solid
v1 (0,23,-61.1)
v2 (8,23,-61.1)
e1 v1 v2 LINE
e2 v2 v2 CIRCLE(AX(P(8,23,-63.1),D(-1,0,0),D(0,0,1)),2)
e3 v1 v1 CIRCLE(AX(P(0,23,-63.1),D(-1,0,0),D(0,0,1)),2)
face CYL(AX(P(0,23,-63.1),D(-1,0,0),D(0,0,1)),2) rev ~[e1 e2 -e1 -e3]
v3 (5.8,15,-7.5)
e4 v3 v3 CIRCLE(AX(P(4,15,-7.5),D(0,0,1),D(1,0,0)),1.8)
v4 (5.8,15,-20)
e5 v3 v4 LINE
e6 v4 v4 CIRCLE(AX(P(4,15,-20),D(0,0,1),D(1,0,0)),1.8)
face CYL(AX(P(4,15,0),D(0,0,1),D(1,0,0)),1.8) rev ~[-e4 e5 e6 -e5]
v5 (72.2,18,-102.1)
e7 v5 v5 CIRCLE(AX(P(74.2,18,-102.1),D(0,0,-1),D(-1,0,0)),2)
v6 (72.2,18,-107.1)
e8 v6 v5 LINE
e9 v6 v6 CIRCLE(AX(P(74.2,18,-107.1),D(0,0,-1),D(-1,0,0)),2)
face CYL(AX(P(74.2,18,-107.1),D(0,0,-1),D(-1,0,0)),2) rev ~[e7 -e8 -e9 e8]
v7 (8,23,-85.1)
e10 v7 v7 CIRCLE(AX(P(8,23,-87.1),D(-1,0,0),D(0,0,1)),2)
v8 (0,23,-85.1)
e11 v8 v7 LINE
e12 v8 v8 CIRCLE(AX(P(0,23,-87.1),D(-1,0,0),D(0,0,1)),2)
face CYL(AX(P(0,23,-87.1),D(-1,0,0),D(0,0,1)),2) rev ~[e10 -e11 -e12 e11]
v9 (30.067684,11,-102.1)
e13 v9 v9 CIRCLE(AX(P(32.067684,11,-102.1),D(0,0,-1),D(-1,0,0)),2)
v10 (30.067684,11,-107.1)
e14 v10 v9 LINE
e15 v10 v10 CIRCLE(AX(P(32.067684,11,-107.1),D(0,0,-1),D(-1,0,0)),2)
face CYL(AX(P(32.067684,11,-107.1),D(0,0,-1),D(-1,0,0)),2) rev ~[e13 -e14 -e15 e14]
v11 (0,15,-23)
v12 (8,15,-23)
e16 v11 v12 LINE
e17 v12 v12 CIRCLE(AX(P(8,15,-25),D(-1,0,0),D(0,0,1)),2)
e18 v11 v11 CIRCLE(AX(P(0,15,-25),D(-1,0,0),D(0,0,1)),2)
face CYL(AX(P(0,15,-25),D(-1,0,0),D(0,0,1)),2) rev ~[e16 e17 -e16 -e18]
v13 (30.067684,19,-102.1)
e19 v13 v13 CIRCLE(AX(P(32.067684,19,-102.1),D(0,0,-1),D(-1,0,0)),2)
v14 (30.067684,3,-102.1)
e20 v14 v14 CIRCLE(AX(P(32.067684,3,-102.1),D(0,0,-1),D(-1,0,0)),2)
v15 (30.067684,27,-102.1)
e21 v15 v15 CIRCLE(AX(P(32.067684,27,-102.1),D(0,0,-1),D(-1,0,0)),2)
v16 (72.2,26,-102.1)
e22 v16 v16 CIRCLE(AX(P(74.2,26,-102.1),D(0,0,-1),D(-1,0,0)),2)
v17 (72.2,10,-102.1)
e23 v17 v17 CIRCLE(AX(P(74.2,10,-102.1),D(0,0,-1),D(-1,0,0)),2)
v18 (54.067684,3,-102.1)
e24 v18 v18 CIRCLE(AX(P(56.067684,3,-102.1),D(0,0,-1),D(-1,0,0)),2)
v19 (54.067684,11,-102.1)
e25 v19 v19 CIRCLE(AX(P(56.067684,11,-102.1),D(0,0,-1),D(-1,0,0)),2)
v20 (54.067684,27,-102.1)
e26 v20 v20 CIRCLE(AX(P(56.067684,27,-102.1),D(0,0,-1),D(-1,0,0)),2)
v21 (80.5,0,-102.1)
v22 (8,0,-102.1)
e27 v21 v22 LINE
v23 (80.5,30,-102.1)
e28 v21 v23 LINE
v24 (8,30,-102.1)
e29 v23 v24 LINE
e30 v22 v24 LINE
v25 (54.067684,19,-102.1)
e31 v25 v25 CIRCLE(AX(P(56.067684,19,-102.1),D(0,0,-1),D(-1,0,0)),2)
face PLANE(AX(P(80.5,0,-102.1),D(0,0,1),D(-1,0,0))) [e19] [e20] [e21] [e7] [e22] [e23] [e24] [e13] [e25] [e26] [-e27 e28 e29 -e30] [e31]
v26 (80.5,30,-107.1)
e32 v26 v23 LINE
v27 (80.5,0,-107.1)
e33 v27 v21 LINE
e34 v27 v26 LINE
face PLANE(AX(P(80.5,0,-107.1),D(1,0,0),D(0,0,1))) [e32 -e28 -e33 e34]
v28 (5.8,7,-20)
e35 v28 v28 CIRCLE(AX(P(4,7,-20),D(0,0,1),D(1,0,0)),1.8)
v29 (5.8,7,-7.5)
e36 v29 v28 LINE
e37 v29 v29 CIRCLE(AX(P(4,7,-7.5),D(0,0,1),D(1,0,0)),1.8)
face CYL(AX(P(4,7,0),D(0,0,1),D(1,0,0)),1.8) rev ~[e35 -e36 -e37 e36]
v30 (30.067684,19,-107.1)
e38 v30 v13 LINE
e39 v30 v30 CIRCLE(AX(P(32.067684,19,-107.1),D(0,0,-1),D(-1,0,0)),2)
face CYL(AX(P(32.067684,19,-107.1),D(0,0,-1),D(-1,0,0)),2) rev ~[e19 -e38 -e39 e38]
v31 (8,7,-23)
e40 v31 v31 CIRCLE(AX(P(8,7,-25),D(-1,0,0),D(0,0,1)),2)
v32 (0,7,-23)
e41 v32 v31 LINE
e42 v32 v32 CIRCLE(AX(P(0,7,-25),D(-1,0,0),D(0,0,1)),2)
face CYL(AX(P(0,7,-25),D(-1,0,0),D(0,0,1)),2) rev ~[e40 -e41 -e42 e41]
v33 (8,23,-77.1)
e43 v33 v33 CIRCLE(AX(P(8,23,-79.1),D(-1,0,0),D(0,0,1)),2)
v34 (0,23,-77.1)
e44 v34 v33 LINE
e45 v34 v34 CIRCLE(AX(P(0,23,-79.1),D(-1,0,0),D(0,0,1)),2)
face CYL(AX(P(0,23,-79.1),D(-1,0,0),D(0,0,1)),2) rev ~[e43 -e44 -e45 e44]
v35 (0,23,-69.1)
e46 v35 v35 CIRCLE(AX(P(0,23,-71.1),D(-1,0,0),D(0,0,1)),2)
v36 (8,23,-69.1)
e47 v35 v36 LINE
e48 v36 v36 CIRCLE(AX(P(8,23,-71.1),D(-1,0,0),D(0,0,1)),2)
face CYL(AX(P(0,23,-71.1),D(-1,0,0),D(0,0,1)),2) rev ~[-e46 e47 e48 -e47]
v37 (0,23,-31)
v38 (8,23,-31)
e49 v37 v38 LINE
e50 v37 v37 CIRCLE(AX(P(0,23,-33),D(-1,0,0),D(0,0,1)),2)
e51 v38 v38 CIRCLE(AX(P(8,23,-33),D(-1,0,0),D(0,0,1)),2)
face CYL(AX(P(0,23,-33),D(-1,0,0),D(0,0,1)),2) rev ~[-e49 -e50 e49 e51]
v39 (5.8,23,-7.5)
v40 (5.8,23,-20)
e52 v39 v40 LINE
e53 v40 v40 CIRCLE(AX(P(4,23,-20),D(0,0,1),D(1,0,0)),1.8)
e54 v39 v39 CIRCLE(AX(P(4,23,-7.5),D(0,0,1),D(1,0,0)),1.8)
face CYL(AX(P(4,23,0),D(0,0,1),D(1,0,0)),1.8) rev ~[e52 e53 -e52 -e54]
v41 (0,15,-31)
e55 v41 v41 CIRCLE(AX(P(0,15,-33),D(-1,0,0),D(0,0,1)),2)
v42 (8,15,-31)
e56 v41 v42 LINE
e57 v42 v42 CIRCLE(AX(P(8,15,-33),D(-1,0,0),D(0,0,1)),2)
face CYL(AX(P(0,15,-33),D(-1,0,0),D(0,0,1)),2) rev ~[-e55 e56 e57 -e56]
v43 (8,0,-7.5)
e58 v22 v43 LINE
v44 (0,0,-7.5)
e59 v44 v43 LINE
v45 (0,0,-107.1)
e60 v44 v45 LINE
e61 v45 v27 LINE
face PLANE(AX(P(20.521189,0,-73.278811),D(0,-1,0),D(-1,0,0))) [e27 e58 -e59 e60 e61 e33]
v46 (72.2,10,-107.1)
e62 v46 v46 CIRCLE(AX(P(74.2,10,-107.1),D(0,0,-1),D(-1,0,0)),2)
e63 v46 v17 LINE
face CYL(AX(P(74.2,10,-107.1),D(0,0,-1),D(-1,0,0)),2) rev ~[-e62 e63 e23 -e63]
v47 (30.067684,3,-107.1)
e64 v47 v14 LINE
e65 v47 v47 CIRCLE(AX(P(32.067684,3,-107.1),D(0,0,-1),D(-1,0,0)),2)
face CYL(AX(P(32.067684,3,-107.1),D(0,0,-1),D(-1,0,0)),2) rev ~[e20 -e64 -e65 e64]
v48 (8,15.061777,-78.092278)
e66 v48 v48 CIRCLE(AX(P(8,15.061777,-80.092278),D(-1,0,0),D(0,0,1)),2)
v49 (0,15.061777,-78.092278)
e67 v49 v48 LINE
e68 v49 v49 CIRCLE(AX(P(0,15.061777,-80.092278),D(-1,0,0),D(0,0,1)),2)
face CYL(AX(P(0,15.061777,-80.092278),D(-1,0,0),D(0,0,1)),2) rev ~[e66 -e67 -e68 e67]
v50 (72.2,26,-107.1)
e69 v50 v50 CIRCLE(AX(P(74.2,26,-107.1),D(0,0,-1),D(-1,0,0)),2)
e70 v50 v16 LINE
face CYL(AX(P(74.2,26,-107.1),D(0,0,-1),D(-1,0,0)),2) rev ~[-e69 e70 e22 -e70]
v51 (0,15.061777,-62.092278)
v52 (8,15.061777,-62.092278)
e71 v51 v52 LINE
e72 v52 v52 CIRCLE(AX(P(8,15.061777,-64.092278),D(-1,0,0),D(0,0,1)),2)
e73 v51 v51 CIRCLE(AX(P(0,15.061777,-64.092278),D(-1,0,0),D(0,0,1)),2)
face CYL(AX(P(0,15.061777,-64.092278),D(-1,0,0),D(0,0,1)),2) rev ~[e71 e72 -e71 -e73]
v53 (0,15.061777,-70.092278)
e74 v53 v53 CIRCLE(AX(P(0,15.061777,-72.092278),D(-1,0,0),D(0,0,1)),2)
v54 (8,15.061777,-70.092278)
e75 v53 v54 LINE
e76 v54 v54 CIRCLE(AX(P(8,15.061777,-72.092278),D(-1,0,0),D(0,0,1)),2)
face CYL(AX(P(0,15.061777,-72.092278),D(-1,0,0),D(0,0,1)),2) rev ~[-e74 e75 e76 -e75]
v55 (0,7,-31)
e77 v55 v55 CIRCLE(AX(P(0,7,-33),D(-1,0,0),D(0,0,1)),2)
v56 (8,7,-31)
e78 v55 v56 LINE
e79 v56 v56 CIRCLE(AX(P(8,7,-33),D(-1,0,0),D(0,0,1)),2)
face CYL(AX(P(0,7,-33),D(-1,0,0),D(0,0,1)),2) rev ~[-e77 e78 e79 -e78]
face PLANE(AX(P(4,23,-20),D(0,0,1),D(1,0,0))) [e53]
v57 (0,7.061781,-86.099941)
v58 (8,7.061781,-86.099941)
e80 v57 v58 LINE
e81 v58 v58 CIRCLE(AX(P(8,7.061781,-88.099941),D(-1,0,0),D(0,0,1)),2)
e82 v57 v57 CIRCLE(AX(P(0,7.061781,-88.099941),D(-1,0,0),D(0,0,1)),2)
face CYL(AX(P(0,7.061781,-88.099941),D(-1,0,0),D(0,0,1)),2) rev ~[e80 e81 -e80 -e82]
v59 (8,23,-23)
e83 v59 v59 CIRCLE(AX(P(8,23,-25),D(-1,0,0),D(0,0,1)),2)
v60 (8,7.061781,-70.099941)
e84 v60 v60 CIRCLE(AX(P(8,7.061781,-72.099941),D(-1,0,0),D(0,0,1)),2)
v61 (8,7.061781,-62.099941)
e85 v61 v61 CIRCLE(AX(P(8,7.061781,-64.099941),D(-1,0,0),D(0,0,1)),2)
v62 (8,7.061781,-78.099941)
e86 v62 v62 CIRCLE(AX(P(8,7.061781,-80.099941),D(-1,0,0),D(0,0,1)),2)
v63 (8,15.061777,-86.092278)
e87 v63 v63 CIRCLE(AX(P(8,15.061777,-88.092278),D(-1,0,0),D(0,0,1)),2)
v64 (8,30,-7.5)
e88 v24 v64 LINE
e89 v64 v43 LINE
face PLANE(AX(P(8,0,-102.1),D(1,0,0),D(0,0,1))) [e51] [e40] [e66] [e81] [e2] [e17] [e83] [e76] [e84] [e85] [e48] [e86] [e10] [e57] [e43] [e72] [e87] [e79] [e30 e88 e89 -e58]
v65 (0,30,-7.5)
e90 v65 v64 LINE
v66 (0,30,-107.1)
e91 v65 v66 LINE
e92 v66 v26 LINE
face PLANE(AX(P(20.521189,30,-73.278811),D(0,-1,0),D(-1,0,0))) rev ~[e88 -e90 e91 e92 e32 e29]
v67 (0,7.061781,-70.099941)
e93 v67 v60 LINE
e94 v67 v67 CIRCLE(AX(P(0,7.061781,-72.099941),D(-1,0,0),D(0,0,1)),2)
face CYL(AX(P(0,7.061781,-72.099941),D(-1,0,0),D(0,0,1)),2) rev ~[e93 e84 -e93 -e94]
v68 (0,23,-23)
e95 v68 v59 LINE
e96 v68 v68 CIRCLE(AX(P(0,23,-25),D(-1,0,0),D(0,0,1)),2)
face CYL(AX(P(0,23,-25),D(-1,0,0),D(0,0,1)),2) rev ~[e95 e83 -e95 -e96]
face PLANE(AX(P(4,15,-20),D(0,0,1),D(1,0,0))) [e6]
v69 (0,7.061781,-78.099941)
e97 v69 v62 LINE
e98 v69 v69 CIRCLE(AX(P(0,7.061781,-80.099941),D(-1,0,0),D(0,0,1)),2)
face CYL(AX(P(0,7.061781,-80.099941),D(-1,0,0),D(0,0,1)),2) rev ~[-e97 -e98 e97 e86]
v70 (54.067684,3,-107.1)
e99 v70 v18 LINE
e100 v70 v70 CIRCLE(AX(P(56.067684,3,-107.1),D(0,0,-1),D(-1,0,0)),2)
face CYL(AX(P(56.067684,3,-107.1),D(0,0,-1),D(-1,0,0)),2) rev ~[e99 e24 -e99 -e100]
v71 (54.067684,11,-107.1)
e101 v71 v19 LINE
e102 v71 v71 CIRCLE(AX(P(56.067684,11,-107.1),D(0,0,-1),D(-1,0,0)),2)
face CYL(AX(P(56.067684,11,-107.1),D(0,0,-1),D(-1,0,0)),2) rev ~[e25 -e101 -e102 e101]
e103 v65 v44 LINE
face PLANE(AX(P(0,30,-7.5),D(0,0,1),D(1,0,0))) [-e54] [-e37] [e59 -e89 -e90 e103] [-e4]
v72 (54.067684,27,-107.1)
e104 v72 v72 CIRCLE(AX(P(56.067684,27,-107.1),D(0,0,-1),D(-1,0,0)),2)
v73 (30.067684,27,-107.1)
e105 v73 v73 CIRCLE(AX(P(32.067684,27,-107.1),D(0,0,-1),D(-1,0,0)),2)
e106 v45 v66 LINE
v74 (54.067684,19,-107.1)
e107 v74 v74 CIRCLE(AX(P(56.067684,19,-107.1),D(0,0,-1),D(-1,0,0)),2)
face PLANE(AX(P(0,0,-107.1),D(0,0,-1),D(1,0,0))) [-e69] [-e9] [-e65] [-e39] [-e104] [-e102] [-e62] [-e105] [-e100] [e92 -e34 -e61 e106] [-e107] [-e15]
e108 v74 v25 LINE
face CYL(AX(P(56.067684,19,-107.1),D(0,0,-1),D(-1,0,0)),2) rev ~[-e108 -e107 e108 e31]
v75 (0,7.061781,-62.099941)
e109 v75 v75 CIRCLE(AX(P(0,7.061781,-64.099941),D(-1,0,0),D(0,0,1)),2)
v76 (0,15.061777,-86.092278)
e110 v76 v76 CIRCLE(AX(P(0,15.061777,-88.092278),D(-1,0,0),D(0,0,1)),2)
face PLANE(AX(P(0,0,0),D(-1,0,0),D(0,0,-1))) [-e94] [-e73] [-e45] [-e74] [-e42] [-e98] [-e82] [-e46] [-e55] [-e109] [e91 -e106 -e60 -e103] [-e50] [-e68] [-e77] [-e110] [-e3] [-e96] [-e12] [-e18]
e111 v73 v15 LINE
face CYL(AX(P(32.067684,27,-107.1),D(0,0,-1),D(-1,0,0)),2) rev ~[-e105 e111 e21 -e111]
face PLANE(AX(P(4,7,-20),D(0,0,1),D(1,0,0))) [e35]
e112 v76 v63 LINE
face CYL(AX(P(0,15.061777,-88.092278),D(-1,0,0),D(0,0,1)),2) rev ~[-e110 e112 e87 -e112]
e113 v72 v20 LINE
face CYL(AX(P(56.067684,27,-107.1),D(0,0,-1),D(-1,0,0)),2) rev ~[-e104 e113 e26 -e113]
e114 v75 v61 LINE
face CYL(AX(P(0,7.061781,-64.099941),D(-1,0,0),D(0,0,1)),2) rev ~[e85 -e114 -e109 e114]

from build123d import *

# Parameters (mm, degrees)
EXTRUDE_1_DEPTH     = 30
SKETCH_3_R          = 2
CUT_EXTRUDE_2_DEPTH = 10
SKETCH_4_R          = 2
CUT_EXTRUDE_3_DEPTH = 10
SKETCH_2_R          = 1.8
CUT_EXTRUDE_4_DEPTH = 20
SKETCH_5_W          = 8
SKETCH_5_H          = 7.5
CUT_EXTRUDE_5_DEPTH = 30
SKETCH_6_R          = 2
CUT_EXTRUDE_6_DEPTH = 10


with BuildPart() as part:
    # 草圖1 → 填料-伸長1 (new body)
    with BuildSketch(Plane(origin=(0, 0, 0), x_dir=(1, 0, 0), z_dir=(0, 1, 0))):
        Polygon((0, 0), (0, 107.1), (80.5, 107.1), (80.5, 102.1), (8, 102.1), (8, 0), align=None)
    extrude(amount=EXTRUDE_1_DEPTH)

    # 草圖3 → 除料-伸長2 (cut)
    with BuildSketch(Plane.ZY):
        with Locations((-25, 23)):
            Circle(SKETCH_3_R)
        with Locations((-25, 15)):
            Circle(SKETCH_3_R)
        with Locations((-25, 7)):
            Circle(SKETCH_3_R)
        with Locations((-33, 23)):
            Circle(SKETCH_3_R)
        with Locations((-33, 15)):
            Circle(SKETCH_3_R)
        with Locations((-33, 7)):
            Circle(SKETCH_3_R)
        with Locations((-63.1, 23)):
            Circle(SKETCH_3_R)
        with Locations((-64.092277877, 15.061776986)):
            Circle(SKETCH_3_R)
        with Locations((-64.099940822, 7.061780656)):
            Circle(SKETCH_3_R)
        with Locations((-71.1, 23)):
            Circle(SKETCH_3_R)
        with Locations((-72.092277877, 15.061776986)):
            Circle(SKETCH_3_R)
        with Locations((-72.099940822, 7.061780656)):
            Circle(SKETCH_3_R)
        with Locations((-79.1, 23)):
            Circle(SKETCH_3_R)
        with Locations((-80.092277877, 15.061776986)):
            Circle(SKETCH_3_R)
        with Locations((-80.099940822, 7.061780656)):
            Circle(SKETCH_3_R)
        with Locations((-87.1, 23)):
            Circle(SKETCH_3_R)
        with Locations((-88.092277877, 15.061776986)):
            Circle(SKETCH_3_R)
        with Locations((-88.099940822, 7.061780656)):
            Circle(SKETCH_3_R)
    extrude(amount=-CUT_EXTRUDE_2_DEPTH, mode=Mode.SUBTRACT)

    # 草圖4 → 除料-伸長3 (cut)
    with BuildSketch(Plane(origin=(0, 0, -107.1), x_dir=(-1, 0, 0), z_dir=(0, 0, -1))):
        with Locations((-74.2, 26)):
            Circle(SKETCH_4_R)
        with Locations((-74.2, 18)):
            Circle(SKETCH_4_R)
        with Locations((-74.2, 10)):
            Circle(SKETCH_4_R)
    extrude(amount=-CUT_EXTRUDE_3_DEPTH, mode=Mode.SUBTRACT)

    # 草圖2 → 除料-伸長4 (cut)
    with BuildSketch(Plane.XY):
        with Locations((4, 23)):
            Circle(SKETCH_2_R)
        with Locations((4, 7)):
            Circle(SKETCH_2_R)
        with Locations((4, 15)):
            Circle(SKETCH_2_R)
    extrude(amount=-CUT_EXTRUDE_4_DEPTH, mode=Mode.SUBTRACT)

    # 草圖5 → 除料-伸長5 (cut)
    with BuildSketch(Plane(origin=(0, 30, 0), x_dir=(1, 0, 0), z_dir=(0, 1, 0))):
        with Locations((4, 3.75)):
            Rectangle(SKETCH_5_W, SKETCH_5_H)
    extrude(amount=-CUT_EXTRUDE_5_DEPTH, mode=Mode.SUBTRACT)

    # 草圖6 → 除料-伸長6 (cut)
    with BuildSketch(Plane(origin=(0, 0, -107.1), x_dir=(-1, 0, 0), z_dir=(0, 0, -1))):
        with Locations((-56.067683871, 27)):
            Circle(SKETCH_6_R)
        with Locations((-56.067683871, 19)):
            Circle(SKETCH_6_R)
        with Locations((-56.067683871, 11)):
            Circle(SKETCH_6_R)
        with Locations((-32.067683871, 27)):
            Circle(SKETCH_6_R)
        with Locations((-32.067683871, 19)):
            Circle(SKETCH_6_R)
        with Locations((-32.067683871, 11)):
            Circle(SKETCH_6_R)
        with Locations((-56.067683871, 3)):
            Circle(SKETCH_6_R)
        with Locations((-32.067683871, 3)):
            Circle(SKETCH_6_R)
    extrude(amount=-CUT_EXTRUDE_6_DEPTH, mode=Mode.SUBTRACT)


solid = part.part
